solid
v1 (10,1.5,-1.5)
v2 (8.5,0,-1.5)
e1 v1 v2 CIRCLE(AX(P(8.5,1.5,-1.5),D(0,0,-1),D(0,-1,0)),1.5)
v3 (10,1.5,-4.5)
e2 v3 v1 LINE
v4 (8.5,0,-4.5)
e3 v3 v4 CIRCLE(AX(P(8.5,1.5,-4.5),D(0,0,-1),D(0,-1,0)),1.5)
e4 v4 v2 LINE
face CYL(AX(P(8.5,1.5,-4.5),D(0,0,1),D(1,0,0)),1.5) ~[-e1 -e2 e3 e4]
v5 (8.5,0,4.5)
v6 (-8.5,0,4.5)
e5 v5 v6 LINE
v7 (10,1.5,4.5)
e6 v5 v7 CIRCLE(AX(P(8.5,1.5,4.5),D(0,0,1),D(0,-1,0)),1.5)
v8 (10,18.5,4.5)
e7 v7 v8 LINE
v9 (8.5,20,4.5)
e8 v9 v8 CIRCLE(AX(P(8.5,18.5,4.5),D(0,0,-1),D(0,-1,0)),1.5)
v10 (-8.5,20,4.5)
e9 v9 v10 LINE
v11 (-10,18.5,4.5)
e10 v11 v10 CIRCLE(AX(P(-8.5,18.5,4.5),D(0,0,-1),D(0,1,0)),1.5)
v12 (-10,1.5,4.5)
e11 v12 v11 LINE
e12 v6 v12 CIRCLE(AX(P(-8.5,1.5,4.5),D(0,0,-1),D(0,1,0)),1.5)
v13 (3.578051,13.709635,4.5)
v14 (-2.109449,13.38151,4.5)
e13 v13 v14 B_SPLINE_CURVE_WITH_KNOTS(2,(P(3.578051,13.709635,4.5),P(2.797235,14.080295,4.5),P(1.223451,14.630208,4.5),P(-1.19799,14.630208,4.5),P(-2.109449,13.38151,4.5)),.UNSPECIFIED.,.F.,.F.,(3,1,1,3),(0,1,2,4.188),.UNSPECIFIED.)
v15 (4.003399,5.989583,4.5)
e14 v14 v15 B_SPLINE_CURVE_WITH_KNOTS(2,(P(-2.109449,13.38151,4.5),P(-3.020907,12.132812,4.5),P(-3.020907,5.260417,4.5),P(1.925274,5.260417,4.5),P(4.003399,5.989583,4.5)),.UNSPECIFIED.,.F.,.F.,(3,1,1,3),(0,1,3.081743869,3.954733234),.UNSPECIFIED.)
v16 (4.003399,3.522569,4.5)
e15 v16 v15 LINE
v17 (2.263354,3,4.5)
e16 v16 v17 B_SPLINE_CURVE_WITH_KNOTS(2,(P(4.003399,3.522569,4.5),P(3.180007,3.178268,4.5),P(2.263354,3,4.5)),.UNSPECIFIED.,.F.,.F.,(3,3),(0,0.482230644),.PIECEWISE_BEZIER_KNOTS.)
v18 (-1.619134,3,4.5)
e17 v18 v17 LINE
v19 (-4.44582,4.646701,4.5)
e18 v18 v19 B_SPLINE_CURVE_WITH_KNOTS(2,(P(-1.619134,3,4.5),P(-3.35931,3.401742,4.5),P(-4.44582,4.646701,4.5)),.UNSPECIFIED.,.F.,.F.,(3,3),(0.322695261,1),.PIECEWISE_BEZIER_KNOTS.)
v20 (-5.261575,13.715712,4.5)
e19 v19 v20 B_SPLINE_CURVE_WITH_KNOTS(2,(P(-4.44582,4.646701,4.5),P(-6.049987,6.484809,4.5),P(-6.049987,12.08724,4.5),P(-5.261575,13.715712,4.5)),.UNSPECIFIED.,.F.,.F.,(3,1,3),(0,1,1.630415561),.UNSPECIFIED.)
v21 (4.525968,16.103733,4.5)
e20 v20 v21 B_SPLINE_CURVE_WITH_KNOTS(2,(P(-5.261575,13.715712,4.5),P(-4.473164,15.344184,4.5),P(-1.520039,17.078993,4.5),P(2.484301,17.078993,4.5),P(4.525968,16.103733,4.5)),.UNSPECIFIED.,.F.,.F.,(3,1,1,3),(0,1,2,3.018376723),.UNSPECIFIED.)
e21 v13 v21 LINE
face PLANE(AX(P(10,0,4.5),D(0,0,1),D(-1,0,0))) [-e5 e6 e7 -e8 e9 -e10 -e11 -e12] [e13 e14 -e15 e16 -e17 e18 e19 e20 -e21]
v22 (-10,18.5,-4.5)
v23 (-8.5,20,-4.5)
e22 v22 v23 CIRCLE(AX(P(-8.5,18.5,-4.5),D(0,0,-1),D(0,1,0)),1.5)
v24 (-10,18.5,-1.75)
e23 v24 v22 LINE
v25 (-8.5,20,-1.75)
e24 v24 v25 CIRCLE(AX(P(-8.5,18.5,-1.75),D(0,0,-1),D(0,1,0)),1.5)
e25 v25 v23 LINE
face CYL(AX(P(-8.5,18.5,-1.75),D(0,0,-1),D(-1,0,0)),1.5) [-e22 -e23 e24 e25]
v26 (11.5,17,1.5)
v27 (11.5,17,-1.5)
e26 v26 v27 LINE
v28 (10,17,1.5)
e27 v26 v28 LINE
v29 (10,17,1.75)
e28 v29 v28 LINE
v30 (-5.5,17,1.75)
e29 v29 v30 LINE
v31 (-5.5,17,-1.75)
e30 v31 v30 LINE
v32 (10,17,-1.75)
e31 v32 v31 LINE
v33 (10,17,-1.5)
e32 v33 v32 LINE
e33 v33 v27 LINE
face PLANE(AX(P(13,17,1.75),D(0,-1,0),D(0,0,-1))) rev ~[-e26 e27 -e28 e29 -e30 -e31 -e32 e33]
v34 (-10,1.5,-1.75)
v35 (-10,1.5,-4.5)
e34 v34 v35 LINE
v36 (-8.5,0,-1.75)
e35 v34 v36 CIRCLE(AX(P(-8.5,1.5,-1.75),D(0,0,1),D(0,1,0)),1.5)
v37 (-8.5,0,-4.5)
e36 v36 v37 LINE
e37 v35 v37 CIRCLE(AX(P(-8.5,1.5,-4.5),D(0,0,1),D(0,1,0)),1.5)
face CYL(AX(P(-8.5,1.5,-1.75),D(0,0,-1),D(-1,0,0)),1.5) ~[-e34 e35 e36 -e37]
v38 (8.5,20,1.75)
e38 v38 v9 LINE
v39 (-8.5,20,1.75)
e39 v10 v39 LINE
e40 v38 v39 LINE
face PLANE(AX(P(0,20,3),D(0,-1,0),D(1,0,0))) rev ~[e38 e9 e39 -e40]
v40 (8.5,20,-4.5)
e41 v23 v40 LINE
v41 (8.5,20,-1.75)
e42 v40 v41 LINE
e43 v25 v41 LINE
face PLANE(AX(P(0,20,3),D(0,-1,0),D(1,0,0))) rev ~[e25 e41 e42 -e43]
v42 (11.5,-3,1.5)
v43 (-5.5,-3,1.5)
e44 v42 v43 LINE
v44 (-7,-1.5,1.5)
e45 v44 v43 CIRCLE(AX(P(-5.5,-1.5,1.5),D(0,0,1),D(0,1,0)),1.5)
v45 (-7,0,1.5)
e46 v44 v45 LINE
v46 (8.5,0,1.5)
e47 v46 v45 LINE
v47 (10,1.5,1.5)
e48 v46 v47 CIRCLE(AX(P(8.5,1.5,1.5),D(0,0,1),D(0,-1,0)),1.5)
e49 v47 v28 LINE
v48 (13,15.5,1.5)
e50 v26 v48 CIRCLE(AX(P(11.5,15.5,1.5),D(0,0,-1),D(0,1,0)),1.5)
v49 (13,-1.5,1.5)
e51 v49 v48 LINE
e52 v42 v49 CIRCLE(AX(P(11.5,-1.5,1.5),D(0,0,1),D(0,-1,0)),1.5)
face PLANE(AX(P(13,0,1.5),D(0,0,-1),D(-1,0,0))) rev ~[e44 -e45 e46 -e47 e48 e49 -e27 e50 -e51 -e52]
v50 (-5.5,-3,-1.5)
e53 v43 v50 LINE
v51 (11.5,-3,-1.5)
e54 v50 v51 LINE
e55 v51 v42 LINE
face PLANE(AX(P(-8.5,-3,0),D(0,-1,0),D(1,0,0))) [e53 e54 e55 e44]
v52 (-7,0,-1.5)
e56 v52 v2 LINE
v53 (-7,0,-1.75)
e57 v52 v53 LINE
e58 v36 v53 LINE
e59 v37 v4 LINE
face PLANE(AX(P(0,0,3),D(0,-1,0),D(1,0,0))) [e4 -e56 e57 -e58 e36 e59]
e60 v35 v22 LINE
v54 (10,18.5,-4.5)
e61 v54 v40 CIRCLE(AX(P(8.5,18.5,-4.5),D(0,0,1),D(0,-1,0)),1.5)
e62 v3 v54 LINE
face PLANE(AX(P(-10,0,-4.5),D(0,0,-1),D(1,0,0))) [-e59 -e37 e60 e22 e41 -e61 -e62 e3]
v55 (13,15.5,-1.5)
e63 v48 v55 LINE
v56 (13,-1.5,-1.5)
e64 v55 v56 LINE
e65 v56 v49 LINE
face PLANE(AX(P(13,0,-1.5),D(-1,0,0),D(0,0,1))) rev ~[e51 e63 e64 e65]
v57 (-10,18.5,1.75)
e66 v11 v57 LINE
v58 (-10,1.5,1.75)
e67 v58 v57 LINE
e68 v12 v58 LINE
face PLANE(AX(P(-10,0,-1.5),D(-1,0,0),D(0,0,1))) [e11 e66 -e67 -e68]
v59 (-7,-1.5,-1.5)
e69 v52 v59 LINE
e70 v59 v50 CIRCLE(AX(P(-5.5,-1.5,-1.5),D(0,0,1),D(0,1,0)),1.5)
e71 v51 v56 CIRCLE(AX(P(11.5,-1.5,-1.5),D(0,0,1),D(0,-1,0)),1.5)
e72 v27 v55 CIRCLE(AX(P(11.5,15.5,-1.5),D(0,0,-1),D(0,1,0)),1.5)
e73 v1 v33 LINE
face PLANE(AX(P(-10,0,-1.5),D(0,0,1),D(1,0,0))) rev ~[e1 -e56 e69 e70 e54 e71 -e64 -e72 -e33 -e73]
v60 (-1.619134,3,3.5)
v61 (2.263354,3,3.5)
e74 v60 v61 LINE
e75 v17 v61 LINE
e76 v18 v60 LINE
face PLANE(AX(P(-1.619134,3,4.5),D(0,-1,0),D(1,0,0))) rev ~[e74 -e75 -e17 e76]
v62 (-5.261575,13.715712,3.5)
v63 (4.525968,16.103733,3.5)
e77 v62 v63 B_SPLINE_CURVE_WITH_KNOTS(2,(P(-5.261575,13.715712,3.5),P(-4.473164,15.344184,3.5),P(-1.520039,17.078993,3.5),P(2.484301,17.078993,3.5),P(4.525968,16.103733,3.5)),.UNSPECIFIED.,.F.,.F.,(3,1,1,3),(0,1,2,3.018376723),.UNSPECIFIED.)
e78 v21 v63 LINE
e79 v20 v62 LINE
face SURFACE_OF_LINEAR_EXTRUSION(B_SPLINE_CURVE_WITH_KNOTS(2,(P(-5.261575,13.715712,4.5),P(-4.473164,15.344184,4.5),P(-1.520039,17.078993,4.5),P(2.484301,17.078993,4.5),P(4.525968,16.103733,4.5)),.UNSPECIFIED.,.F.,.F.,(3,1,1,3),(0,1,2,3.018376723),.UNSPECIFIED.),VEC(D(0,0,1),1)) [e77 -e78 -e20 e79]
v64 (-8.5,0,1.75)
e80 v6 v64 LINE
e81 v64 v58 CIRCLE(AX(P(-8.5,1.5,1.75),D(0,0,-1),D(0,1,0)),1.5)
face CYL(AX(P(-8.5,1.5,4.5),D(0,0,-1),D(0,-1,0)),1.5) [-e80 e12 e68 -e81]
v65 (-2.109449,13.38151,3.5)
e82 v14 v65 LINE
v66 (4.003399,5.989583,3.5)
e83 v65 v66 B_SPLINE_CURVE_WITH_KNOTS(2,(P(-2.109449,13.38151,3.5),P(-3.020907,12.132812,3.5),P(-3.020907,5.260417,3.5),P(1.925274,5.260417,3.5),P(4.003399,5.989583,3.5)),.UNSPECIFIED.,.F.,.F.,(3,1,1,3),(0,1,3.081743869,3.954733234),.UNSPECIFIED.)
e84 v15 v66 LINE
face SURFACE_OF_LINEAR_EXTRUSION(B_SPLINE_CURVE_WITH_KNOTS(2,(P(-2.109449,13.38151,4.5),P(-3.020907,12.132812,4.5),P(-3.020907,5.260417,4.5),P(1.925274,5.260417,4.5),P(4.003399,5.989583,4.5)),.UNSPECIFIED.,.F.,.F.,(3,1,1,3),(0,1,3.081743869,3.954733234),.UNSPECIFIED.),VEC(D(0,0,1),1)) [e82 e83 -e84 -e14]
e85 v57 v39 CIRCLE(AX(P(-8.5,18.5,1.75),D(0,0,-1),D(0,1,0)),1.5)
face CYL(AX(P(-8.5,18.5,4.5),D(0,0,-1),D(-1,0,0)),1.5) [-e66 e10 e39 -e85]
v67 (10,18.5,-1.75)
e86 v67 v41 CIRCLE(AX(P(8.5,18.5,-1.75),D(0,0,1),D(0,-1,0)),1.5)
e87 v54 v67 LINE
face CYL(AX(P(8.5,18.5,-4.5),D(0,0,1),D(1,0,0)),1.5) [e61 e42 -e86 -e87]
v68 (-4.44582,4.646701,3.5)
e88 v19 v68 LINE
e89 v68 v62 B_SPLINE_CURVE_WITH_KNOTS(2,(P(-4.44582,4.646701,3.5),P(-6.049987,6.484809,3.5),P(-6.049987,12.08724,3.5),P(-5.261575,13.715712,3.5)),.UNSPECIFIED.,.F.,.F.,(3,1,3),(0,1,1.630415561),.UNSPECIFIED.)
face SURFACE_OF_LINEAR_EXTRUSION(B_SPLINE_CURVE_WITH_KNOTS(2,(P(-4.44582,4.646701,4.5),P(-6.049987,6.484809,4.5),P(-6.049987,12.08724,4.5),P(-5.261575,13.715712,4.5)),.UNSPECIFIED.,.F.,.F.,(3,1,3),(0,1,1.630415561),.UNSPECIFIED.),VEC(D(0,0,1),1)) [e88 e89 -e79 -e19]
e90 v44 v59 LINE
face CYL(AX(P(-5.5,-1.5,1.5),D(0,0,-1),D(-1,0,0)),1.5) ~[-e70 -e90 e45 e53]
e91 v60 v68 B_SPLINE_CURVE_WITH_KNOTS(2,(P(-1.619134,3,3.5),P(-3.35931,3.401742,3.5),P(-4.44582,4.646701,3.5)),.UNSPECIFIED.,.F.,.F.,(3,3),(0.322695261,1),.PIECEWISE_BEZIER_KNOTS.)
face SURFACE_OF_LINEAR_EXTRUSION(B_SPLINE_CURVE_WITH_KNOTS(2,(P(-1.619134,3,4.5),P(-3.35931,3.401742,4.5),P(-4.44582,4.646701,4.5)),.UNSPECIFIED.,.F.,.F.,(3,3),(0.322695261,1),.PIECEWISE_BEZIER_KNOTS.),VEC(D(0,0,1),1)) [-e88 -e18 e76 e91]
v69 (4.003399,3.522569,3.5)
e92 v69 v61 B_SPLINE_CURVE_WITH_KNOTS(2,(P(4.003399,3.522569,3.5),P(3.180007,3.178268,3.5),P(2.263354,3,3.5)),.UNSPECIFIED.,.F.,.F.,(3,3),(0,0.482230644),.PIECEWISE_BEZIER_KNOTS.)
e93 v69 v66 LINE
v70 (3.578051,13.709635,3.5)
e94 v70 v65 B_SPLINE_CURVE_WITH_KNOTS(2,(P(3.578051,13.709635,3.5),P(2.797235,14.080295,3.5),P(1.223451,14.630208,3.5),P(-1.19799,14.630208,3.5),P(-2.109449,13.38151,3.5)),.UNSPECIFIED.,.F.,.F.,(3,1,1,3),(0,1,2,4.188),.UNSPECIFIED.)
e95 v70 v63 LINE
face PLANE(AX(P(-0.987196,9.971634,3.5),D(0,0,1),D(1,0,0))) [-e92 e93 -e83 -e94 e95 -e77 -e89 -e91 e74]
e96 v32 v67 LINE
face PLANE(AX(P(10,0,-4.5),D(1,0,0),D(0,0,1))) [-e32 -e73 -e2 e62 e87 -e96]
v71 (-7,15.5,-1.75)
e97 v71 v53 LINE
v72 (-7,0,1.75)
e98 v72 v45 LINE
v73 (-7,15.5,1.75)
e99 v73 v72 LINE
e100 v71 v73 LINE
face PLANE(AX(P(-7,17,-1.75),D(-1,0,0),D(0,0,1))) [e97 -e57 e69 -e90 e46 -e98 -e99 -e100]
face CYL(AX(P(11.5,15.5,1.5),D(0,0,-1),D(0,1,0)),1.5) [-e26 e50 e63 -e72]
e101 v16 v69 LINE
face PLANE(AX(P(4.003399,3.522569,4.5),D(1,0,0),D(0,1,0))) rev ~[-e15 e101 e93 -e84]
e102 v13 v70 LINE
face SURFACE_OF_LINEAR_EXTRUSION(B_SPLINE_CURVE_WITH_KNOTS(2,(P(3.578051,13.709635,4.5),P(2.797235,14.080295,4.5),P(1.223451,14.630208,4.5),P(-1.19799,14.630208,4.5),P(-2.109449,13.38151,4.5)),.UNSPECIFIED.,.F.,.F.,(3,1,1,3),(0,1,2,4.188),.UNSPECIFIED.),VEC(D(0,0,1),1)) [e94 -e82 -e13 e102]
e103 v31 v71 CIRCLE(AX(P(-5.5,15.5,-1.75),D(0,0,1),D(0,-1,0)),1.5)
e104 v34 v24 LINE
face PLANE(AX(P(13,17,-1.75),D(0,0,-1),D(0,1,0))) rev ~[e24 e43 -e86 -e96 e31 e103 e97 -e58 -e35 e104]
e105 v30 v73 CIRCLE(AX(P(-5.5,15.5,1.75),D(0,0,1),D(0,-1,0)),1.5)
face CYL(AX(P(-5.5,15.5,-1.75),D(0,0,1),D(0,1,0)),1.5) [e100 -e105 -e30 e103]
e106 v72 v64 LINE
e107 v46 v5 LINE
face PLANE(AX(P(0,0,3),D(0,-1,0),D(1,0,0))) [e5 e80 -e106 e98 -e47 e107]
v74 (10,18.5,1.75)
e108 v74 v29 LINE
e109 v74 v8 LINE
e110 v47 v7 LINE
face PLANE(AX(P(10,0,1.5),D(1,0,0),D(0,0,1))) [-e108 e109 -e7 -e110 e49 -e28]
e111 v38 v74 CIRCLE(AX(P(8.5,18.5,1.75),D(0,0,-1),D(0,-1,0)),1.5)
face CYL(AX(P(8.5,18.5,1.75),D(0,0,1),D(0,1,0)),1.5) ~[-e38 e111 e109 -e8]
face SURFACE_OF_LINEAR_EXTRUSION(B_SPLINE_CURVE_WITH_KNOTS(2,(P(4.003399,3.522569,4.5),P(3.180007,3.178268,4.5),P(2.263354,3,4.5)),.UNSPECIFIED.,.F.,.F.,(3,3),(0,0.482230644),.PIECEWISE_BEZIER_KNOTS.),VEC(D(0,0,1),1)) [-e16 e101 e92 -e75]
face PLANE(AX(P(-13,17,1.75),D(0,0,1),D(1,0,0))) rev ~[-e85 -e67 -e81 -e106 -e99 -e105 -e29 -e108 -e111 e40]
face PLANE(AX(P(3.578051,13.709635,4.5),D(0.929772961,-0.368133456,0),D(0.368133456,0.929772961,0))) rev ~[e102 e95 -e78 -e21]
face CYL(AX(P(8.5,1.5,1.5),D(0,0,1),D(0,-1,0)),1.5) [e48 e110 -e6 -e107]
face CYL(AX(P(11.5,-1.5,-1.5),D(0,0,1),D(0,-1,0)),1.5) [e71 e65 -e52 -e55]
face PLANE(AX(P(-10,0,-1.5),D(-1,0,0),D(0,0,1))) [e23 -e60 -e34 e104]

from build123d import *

# Parameters (mm, degrees)
F0_W     = 14
F0_H     = 3
F0_W_2   = 3
F1_DEPTH = 20
F2_DEPTH = 3
F3_W     = 3
F3_H     = 3
F4_DEPTH = 100
F5_W     = 3
F5_H     = 3.5
F6_DEPTH = 100
F7_R     = 1.5
F9_DEPTH = 1


with BuildPart() as f1:
    # F0 (on Front) → F1 (new body)
    with BuildSketch(Plane.XZ):
        Polygon((10, 1.5), (10, 4.5), (-10, 4.5), (-10, 1.5), (-7, 1.5), (7, 1.5), align=None)
        Rectangle(F0_W, F0_H)
        with Locations((11.5, 0)):
            Rectangle(F0_W_2, F0_H)
        with Locations((8.5, 0)):
            Rectangle(F0_W_2, F0_H)
        with Locations((-8.5, 0)):
            Rectangle(F0_W_2, F0_H)
        Polygon((10, -4.5), (10, -1.5), (7, -1.5), (-7, -1.5), (-10, -1.5), (-10, -4.5), align=None)
    extrude(amount=-F1_DEPTH)

    # F0 (on Front) → F2 (join)
    with BuildSketch(Plane.XZ):
        with Locations((-8.5, 0)):
            Rectangle(F0_W_2, F0_H)
        Rectangle(F0_W, F0_H)
        with Locations((8.5, 0)):
            Rectangle(F0_W_2, F0_H)
        with Locations((11.5, 0)):
            Rectangle(F0_W_2, F0_H)
    extrude(amount=F2_DEPTH)

    # F3 (on face) → F4 (cut)
    with BuildSketch(Plane.YZ.offset(13)):
        Polygon((23, -1.75), (23, 1.75), (17, 1.75), (17, 1.5), (20, 1.5), (20, -1.5), (17, -1.5), (17, -1.75), align=None)
        with Locations((18.5, 0)):
            Rectangle(F3_W, F3_H)
    extrude(amount=-F4_DEPTH, mode=Mode.SUBTRACT)

    # F5 (on face) → F6 (cut)
    with BuildSketch(Plane(origin=(0, 17, 0), x_dir=(-1, 0, 0), z_dir=(0, 1, 0))):
        with Locations((11.5, 0)):
            Rectangle(F5_W, F5_H)
        with Locations((8.5, 0)):
            Rectangle(F5_W, F5_H)
    extrude(amount=-F6_DEPTH, mode=Mode.SUBTRACT)

    # F7
    f7_edges = [f1.edges().sort_by_distance(p)[0] for p in [
        (-7, -3, 0),
        (13, -3, 0),
        (10, 0, 3),
        (10, 0, -3),
        (-10, 0, -3.125),
        (-10, 0, 3.125),
        (-7, 17, 0),
        (-10, 20, 3.125),
        (-10, 20, -3.125),
        (13, 17, 0),
        (10, 20, 3.125),
        (10, 20, -3.125),
    ]]
    fillet(f7_edges, radius=F7_R)

    # F8 (on face) → F9 (cut)
    with BuildSketch(Plane.XY.offset(4.5)):
        with BuildLine():
            Line((-1.6191336456, 3), (2.2633536651, 3))
            add(Edge.make_bspline(
                [(4.0033986182, 3.5225694444), (3.1800065383, 3.1782684858), (2.2633536651, 3)],
                knots=[0, 0, 0, 0.4822306436, 0.4822306436, 0.4822306436], degree=2))
            Line((4.0033986182, 3.5225694444), (4.0033986182, 5.9895833333))
            add(Edge.make_bspline(
                [(0.4639020904, 5.2604166667), (1.9252736182, 5.2604166667), (4.0033986182, 5.9895833333)],
                knots=[0, 0, 0, 1, 1, 1], degree=2))
            add(Edge.make_bspline(
                [(-3.0209069374, 9.9027777778), (-3.0209069374, 5.2604166667), (0.4639020904, 5.2604166667)],
                knots=[0, 0, 0, 1, 1, 1], degree=2))
            add(Edge.make_bspline(
                [(-2.109448604, 13.3815104167), (-3.0209069374, 12.1328125), (-3.0209069374, 9.9027777778)],
                knots=[0, 0, 0, 1, 1, 1], degree=2))
            add(Edge.make_bspline(
                [(0.4639020904, 14.6302083333), (-1.1979902707, 14.6302083333), (-2.109448604, 13.3815104167)],
                knots=[0, 0, 0, 1, 1, 1], degree=2))
            add(Edge.make_bspline(
                [(2.0103430626, 14.3552517361), (1.2234507015, 14.6302083333), (0.4639020904, 14.6302083333)],
                knots=[0, 0, 0, 1, 1, 1], degree=2))
            add(Edge.make_bspline(
                [(3.578051396, 13.7096354167), (2.7972354237, 14.0802951389), (2.0103430626, 14.3552517361)],
                knots=[0, 0, 0, 1, 1, 1], degree=2))
            Line((3.578051396, 13.7096354167), (4.5259680626, 16.1037326389))
            add(Edge.make_bspline(
                [(0.4639020904, 17.0789930556), (2.484301396, 17.0789930556), (4.5259680626, 16.1037326389)],
                knots=[0, 0, 0, 1, 1, 1], degree=2))
            add(Edge.make_bspline(
                [(-2.9966013818, 16.2115885417), (-1.5200388818, 17.0789930556), (0.4639020904, 17.0789930556)],
                knots=[0, 0, 0, 1, 1, 1], degree=2))
            add(Edge.make_bspline(
                [(-5.2615753401, 13.7157118056), (-4.4731638818, 15.3441840278), (-2.9966013818, 16.2115885417)],
                knots=[0, 0, 0, 1, 1, 1], degree=2))
            add(Edge.make_bspline(
                [(-6.0499867985, 9.9210069444), (-6.0499867985, 12.0872395833), (-5.2615753401, 13.7157118056)],
                knots=[0, 0, 0, 1, 1, 1], degree=2))
            add(Edge.make_bspline(
                [(-4.4458201318, 4.6467013889), (-6.0499867985, 6.4848090278), (-6.0499867985, 9.9210069444)],
                knots=[0, 0, 0, 1, 1, 1], degree=2))
            add(Edge.make_bspline(
                [(-1.6191336456, 3), (-3.3593104462, 3.4017423741), (-4.4458201318, 4.6467013889)],
                knots=[0.3226952609, 0.3226952609, 0.3226952609, 1, 1, 1], degree=2))
        make_face()
    extrude(amount=-F9_DEPTH, mode=Mode.SUBTRACT)


solid = f1.part
